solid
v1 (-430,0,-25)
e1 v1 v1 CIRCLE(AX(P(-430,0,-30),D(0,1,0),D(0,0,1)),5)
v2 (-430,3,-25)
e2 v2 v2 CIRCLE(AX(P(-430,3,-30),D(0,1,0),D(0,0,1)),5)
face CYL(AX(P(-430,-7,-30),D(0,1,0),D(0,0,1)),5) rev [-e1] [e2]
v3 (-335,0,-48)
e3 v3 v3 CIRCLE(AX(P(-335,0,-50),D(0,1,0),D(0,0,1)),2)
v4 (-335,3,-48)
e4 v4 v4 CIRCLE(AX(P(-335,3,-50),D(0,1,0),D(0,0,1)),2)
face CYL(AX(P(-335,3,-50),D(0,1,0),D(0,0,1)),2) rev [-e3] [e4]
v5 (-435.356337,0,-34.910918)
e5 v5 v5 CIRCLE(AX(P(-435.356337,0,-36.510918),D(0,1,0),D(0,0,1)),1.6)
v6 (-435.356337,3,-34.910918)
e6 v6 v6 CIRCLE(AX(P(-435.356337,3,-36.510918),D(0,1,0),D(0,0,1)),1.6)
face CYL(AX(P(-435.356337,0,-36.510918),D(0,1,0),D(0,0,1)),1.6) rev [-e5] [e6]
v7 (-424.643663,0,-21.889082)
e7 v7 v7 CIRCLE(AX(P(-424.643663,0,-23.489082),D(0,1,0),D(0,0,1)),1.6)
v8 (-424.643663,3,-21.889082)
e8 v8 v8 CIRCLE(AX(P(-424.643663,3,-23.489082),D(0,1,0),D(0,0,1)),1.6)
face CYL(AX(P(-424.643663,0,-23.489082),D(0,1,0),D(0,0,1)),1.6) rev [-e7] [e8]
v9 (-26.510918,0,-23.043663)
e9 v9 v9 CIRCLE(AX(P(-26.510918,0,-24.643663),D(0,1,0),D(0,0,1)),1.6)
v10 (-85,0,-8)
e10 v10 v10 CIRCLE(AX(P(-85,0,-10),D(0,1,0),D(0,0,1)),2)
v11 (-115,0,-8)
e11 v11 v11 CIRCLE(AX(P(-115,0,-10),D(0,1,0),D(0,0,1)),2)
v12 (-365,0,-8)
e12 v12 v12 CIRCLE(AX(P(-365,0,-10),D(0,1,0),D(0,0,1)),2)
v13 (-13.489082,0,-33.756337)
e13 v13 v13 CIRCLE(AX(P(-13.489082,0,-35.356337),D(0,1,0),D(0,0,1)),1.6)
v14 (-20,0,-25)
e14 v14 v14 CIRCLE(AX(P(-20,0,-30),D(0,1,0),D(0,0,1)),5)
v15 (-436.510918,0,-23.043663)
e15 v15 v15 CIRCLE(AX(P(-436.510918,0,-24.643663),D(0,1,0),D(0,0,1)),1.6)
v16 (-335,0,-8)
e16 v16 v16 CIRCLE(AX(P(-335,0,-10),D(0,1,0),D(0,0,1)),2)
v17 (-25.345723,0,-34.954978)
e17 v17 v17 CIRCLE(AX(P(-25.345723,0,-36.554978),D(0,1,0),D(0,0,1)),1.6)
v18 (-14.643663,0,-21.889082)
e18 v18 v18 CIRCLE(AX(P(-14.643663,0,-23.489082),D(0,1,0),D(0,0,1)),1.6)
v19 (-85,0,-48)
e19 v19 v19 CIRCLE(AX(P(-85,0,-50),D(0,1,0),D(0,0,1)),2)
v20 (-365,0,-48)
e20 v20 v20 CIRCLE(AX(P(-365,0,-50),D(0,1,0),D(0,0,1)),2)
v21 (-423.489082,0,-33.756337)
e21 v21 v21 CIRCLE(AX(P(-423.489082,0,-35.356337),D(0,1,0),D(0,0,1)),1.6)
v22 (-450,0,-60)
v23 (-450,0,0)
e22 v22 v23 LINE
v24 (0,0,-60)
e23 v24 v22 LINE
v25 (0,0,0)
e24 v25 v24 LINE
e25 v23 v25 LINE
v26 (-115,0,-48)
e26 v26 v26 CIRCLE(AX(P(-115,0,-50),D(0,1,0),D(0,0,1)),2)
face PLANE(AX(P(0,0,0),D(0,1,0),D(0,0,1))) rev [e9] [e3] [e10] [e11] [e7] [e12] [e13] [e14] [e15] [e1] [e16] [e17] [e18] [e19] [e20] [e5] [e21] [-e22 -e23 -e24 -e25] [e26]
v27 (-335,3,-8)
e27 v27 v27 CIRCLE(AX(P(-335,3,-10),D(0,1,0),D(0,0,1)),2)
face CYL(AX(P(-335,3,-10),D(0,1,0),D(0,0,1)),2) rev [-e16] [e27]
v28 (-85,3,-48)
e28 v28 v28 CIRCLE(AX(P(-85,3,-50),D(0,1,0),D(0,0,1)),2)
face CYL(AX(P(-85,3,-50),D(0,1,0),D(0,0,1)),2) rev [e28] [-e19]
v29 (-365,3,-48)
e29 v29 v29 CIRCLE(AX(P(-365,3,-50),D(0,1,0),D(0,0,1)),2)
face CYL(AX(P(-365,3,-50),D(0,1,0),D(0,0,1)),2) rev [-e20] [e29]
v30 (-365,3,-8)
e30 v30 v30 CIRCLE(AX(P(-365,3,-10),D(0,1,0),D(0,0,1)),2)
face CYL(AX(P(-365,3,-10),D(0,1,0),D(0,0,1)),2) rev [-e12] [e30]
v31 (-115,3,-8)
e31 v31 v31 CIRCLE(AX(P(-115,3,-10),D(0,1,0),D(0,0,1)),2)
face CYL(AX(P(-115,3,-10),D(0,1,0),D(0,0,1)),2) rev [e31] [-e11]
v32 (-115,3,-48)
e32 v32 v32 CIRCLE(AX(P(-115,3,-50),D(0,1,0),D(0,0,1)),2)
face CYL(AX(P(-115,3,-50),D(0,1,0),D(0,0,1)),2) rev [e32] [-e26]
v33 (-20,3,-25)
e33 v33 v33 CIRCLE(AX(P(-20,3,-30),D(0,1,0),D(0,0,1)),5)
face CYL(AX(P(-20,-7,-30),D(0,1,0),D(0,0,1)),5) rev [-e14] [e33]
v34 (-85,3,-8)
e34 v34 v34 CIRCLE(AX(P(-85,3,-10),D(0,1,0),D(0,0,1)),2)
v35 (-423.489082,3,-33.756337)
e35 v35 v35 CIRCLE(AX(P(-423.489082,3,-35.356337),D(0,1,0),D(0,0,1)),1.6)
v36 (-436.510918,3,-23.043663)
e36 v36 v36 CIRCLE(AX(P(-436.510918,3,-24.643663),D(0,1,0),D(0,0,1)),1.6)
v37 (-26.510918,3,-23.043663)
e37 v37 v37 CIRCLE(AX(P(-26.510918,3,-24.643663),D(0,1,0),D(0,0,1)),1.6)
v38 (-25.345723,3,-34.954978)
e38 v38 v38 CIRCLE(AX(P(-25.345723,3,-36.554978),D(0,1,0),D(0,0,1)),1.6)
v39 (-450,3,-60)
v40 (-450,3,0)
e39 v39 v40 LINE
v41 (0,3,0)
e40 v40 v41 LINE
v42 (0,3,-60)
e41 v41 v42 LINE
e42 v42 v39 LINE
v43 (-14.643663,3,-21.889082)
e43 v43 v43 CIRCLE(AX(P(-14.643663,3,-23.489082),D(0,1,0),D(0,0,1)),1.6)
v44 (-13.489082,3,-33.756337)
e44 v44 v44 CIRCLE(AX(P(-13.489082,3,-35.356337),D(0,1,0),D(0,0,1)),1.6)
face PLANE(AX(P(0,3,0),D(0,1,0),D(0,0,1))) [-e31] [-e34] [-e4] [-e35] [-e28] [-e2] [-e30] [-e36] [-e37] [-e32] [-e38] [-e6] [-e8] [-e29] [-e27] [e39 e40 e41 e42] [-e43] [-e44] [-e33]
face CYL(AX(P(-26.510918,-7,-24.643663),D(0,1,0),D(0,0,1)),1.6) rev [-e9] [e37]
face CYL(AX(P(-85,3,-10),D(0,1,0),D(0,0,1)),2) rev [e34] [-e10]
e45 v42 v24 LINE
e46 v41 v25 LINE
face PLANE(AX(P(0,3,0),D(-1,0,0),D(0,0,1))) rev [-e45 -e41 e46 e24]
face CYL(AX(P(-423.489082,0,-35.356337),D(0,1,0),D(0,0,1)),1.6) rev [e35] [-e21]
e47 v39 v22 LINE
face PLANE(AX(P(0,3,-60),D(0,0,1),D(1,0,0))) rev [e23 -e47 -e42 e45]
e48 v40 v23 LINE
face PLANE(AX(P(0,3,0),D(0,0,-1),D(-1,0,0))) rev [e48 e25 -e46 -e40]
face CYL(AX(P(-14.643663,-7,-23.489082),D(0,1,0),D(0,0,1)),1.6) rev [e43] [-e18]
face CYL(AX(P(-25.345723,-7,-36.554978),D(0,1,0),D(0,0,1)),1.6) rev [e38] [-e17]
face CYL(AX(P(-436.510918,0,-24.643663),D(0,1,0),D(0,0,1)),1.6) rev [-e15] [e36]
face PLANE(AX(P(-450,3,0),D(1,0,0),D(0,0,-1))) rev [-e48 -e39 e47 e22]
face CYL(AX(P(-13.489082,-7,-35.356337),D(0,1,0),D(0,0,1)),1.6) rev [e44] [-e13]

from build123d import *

# Parameters (mm, degrees)
SZKIC1_W                    = 450
SZKIC1_H                    = 60
DODANIE_WYCI_GNI_CIE1_DEPTH = 3
OTW_R_POD_RUB_M41_D         = 4
SZKIC8_R                    = 5
WYTNIJ_WYCI_GNI_CIE1_DEPTH  = 10
SZKIC9_R                    = 1.6
WYTNIJ_WYCI_GNI_CIE2_DEPTH  = 454.992290683
SZKIC10_R                   = 1.6
WYTNIJ_WYCI_GNI_CIE3_DEPTH  = 10


with BuildPart() as part:
    # Szkic1 → Dodanie-wyciągnięcie1 (new body)
    with BuildSketch(Plane(origin=(0, 0, 0), x_dir=(1, 0, 0), z_dir=(0, 1, 0))):
        with Locations((-225, 30)):
            Rectangle(SZKIC1_W, SZKIC1_H)
    extrude(amount=DODANIE_WYCI_GNI_CIE1_DEPTH)

    # Otwór pod śrubę M41 (through all)
    with Locations(Plane(origin=(0, 3, 0), x_dir=(1, 0, 0), z_dir=(0, 1, 0))):
        with Locations((-365, 50), (-335, 50), (-365, 10), (-335, 10), (-115, 50), (-85, 50), (-115, 10), (-85, 10)):
            Hole(OTW_R_POD_RUB_M41_D / 2)

    # Szkic8 → Wytnij-wyciągnięcie1 (cut)
    with BuildSketch(Plane(origin=(0, 3, 0), x_dir=(1, 0, 0), z_dir=(0, 1, 0))):
        with Locations(Location((-20, 30, 0), (0, 0, 270))):
            Circle(SZKIC8_R)
        with Locations(Location((-430, 30, 0), (0, 0, 270))):
            Circle(SZKIC8_R)
    extrude(amount=-WYTNIJ_WYCI_GNI_CIE1_DEPTH, mode=Mode.SUBTRACT)

    # Szkic9 → Wytnij-wyciągnięcie2 (cut, through all)
    with BuildSketch(Plane(origin=(0, 3, 0), x_dir=(1, 0, 0), z_dir=(0, 1, 0))):
        with Locations(Location((-435.356336542, 36.510917908, 0), (0, 0, 270))):
            Circle(SZKIC9_R)
        with Locations(Location((-436.510917908, 24.643663458, 0), (0, 0, 270))):
            Circle(SZKIC9_R)
        with Locations(Location((-424.643663458, 23.489082092, 0), (0, 0, 270))):
            Circle(SZKIC9_R)
        with Locations(Location((-423.489082092, 35.356336542, 0), (0, 0, 270))):
            Circle(SZKIC9_R)
    extrude(amount=-WYTNIJ_WYCI_GNI_CIE2_DEPTH, mode=Mode.SUBTRACT)

    # Szkic10 → Wytnij-wyciągnięcie3 (cut)
    with BuildSketch(Plane(origin=(0, 3, 0), x_dir=(1, 0, 0), z_dir=(0, 1, 0))):
        with Locations(Location((-13.489082092, 35.356336542, 0), (0, 0, 270))):
            Circle(SZKIC10_R)
        with Locations(Location((-14.643663458, 23.489082092, 0), (0, 0, 270))):
            Circle(SZKIC10_R)
        with Locations(Location((-26.510917908, 24.643663458, 0), (0, 0, 270))):
            Circle(SZKIC10_R)
        with Locations(Location((-25.345722644, 36.554977749, 0), (0, 0, 270))):
            Circle(SZKIC10_R)
    extrude(amount=-WYTNIJ_WYCI_GNI_CIE3_DEPTH, mode=Mode.SUBTRACT)


solid = part.part
